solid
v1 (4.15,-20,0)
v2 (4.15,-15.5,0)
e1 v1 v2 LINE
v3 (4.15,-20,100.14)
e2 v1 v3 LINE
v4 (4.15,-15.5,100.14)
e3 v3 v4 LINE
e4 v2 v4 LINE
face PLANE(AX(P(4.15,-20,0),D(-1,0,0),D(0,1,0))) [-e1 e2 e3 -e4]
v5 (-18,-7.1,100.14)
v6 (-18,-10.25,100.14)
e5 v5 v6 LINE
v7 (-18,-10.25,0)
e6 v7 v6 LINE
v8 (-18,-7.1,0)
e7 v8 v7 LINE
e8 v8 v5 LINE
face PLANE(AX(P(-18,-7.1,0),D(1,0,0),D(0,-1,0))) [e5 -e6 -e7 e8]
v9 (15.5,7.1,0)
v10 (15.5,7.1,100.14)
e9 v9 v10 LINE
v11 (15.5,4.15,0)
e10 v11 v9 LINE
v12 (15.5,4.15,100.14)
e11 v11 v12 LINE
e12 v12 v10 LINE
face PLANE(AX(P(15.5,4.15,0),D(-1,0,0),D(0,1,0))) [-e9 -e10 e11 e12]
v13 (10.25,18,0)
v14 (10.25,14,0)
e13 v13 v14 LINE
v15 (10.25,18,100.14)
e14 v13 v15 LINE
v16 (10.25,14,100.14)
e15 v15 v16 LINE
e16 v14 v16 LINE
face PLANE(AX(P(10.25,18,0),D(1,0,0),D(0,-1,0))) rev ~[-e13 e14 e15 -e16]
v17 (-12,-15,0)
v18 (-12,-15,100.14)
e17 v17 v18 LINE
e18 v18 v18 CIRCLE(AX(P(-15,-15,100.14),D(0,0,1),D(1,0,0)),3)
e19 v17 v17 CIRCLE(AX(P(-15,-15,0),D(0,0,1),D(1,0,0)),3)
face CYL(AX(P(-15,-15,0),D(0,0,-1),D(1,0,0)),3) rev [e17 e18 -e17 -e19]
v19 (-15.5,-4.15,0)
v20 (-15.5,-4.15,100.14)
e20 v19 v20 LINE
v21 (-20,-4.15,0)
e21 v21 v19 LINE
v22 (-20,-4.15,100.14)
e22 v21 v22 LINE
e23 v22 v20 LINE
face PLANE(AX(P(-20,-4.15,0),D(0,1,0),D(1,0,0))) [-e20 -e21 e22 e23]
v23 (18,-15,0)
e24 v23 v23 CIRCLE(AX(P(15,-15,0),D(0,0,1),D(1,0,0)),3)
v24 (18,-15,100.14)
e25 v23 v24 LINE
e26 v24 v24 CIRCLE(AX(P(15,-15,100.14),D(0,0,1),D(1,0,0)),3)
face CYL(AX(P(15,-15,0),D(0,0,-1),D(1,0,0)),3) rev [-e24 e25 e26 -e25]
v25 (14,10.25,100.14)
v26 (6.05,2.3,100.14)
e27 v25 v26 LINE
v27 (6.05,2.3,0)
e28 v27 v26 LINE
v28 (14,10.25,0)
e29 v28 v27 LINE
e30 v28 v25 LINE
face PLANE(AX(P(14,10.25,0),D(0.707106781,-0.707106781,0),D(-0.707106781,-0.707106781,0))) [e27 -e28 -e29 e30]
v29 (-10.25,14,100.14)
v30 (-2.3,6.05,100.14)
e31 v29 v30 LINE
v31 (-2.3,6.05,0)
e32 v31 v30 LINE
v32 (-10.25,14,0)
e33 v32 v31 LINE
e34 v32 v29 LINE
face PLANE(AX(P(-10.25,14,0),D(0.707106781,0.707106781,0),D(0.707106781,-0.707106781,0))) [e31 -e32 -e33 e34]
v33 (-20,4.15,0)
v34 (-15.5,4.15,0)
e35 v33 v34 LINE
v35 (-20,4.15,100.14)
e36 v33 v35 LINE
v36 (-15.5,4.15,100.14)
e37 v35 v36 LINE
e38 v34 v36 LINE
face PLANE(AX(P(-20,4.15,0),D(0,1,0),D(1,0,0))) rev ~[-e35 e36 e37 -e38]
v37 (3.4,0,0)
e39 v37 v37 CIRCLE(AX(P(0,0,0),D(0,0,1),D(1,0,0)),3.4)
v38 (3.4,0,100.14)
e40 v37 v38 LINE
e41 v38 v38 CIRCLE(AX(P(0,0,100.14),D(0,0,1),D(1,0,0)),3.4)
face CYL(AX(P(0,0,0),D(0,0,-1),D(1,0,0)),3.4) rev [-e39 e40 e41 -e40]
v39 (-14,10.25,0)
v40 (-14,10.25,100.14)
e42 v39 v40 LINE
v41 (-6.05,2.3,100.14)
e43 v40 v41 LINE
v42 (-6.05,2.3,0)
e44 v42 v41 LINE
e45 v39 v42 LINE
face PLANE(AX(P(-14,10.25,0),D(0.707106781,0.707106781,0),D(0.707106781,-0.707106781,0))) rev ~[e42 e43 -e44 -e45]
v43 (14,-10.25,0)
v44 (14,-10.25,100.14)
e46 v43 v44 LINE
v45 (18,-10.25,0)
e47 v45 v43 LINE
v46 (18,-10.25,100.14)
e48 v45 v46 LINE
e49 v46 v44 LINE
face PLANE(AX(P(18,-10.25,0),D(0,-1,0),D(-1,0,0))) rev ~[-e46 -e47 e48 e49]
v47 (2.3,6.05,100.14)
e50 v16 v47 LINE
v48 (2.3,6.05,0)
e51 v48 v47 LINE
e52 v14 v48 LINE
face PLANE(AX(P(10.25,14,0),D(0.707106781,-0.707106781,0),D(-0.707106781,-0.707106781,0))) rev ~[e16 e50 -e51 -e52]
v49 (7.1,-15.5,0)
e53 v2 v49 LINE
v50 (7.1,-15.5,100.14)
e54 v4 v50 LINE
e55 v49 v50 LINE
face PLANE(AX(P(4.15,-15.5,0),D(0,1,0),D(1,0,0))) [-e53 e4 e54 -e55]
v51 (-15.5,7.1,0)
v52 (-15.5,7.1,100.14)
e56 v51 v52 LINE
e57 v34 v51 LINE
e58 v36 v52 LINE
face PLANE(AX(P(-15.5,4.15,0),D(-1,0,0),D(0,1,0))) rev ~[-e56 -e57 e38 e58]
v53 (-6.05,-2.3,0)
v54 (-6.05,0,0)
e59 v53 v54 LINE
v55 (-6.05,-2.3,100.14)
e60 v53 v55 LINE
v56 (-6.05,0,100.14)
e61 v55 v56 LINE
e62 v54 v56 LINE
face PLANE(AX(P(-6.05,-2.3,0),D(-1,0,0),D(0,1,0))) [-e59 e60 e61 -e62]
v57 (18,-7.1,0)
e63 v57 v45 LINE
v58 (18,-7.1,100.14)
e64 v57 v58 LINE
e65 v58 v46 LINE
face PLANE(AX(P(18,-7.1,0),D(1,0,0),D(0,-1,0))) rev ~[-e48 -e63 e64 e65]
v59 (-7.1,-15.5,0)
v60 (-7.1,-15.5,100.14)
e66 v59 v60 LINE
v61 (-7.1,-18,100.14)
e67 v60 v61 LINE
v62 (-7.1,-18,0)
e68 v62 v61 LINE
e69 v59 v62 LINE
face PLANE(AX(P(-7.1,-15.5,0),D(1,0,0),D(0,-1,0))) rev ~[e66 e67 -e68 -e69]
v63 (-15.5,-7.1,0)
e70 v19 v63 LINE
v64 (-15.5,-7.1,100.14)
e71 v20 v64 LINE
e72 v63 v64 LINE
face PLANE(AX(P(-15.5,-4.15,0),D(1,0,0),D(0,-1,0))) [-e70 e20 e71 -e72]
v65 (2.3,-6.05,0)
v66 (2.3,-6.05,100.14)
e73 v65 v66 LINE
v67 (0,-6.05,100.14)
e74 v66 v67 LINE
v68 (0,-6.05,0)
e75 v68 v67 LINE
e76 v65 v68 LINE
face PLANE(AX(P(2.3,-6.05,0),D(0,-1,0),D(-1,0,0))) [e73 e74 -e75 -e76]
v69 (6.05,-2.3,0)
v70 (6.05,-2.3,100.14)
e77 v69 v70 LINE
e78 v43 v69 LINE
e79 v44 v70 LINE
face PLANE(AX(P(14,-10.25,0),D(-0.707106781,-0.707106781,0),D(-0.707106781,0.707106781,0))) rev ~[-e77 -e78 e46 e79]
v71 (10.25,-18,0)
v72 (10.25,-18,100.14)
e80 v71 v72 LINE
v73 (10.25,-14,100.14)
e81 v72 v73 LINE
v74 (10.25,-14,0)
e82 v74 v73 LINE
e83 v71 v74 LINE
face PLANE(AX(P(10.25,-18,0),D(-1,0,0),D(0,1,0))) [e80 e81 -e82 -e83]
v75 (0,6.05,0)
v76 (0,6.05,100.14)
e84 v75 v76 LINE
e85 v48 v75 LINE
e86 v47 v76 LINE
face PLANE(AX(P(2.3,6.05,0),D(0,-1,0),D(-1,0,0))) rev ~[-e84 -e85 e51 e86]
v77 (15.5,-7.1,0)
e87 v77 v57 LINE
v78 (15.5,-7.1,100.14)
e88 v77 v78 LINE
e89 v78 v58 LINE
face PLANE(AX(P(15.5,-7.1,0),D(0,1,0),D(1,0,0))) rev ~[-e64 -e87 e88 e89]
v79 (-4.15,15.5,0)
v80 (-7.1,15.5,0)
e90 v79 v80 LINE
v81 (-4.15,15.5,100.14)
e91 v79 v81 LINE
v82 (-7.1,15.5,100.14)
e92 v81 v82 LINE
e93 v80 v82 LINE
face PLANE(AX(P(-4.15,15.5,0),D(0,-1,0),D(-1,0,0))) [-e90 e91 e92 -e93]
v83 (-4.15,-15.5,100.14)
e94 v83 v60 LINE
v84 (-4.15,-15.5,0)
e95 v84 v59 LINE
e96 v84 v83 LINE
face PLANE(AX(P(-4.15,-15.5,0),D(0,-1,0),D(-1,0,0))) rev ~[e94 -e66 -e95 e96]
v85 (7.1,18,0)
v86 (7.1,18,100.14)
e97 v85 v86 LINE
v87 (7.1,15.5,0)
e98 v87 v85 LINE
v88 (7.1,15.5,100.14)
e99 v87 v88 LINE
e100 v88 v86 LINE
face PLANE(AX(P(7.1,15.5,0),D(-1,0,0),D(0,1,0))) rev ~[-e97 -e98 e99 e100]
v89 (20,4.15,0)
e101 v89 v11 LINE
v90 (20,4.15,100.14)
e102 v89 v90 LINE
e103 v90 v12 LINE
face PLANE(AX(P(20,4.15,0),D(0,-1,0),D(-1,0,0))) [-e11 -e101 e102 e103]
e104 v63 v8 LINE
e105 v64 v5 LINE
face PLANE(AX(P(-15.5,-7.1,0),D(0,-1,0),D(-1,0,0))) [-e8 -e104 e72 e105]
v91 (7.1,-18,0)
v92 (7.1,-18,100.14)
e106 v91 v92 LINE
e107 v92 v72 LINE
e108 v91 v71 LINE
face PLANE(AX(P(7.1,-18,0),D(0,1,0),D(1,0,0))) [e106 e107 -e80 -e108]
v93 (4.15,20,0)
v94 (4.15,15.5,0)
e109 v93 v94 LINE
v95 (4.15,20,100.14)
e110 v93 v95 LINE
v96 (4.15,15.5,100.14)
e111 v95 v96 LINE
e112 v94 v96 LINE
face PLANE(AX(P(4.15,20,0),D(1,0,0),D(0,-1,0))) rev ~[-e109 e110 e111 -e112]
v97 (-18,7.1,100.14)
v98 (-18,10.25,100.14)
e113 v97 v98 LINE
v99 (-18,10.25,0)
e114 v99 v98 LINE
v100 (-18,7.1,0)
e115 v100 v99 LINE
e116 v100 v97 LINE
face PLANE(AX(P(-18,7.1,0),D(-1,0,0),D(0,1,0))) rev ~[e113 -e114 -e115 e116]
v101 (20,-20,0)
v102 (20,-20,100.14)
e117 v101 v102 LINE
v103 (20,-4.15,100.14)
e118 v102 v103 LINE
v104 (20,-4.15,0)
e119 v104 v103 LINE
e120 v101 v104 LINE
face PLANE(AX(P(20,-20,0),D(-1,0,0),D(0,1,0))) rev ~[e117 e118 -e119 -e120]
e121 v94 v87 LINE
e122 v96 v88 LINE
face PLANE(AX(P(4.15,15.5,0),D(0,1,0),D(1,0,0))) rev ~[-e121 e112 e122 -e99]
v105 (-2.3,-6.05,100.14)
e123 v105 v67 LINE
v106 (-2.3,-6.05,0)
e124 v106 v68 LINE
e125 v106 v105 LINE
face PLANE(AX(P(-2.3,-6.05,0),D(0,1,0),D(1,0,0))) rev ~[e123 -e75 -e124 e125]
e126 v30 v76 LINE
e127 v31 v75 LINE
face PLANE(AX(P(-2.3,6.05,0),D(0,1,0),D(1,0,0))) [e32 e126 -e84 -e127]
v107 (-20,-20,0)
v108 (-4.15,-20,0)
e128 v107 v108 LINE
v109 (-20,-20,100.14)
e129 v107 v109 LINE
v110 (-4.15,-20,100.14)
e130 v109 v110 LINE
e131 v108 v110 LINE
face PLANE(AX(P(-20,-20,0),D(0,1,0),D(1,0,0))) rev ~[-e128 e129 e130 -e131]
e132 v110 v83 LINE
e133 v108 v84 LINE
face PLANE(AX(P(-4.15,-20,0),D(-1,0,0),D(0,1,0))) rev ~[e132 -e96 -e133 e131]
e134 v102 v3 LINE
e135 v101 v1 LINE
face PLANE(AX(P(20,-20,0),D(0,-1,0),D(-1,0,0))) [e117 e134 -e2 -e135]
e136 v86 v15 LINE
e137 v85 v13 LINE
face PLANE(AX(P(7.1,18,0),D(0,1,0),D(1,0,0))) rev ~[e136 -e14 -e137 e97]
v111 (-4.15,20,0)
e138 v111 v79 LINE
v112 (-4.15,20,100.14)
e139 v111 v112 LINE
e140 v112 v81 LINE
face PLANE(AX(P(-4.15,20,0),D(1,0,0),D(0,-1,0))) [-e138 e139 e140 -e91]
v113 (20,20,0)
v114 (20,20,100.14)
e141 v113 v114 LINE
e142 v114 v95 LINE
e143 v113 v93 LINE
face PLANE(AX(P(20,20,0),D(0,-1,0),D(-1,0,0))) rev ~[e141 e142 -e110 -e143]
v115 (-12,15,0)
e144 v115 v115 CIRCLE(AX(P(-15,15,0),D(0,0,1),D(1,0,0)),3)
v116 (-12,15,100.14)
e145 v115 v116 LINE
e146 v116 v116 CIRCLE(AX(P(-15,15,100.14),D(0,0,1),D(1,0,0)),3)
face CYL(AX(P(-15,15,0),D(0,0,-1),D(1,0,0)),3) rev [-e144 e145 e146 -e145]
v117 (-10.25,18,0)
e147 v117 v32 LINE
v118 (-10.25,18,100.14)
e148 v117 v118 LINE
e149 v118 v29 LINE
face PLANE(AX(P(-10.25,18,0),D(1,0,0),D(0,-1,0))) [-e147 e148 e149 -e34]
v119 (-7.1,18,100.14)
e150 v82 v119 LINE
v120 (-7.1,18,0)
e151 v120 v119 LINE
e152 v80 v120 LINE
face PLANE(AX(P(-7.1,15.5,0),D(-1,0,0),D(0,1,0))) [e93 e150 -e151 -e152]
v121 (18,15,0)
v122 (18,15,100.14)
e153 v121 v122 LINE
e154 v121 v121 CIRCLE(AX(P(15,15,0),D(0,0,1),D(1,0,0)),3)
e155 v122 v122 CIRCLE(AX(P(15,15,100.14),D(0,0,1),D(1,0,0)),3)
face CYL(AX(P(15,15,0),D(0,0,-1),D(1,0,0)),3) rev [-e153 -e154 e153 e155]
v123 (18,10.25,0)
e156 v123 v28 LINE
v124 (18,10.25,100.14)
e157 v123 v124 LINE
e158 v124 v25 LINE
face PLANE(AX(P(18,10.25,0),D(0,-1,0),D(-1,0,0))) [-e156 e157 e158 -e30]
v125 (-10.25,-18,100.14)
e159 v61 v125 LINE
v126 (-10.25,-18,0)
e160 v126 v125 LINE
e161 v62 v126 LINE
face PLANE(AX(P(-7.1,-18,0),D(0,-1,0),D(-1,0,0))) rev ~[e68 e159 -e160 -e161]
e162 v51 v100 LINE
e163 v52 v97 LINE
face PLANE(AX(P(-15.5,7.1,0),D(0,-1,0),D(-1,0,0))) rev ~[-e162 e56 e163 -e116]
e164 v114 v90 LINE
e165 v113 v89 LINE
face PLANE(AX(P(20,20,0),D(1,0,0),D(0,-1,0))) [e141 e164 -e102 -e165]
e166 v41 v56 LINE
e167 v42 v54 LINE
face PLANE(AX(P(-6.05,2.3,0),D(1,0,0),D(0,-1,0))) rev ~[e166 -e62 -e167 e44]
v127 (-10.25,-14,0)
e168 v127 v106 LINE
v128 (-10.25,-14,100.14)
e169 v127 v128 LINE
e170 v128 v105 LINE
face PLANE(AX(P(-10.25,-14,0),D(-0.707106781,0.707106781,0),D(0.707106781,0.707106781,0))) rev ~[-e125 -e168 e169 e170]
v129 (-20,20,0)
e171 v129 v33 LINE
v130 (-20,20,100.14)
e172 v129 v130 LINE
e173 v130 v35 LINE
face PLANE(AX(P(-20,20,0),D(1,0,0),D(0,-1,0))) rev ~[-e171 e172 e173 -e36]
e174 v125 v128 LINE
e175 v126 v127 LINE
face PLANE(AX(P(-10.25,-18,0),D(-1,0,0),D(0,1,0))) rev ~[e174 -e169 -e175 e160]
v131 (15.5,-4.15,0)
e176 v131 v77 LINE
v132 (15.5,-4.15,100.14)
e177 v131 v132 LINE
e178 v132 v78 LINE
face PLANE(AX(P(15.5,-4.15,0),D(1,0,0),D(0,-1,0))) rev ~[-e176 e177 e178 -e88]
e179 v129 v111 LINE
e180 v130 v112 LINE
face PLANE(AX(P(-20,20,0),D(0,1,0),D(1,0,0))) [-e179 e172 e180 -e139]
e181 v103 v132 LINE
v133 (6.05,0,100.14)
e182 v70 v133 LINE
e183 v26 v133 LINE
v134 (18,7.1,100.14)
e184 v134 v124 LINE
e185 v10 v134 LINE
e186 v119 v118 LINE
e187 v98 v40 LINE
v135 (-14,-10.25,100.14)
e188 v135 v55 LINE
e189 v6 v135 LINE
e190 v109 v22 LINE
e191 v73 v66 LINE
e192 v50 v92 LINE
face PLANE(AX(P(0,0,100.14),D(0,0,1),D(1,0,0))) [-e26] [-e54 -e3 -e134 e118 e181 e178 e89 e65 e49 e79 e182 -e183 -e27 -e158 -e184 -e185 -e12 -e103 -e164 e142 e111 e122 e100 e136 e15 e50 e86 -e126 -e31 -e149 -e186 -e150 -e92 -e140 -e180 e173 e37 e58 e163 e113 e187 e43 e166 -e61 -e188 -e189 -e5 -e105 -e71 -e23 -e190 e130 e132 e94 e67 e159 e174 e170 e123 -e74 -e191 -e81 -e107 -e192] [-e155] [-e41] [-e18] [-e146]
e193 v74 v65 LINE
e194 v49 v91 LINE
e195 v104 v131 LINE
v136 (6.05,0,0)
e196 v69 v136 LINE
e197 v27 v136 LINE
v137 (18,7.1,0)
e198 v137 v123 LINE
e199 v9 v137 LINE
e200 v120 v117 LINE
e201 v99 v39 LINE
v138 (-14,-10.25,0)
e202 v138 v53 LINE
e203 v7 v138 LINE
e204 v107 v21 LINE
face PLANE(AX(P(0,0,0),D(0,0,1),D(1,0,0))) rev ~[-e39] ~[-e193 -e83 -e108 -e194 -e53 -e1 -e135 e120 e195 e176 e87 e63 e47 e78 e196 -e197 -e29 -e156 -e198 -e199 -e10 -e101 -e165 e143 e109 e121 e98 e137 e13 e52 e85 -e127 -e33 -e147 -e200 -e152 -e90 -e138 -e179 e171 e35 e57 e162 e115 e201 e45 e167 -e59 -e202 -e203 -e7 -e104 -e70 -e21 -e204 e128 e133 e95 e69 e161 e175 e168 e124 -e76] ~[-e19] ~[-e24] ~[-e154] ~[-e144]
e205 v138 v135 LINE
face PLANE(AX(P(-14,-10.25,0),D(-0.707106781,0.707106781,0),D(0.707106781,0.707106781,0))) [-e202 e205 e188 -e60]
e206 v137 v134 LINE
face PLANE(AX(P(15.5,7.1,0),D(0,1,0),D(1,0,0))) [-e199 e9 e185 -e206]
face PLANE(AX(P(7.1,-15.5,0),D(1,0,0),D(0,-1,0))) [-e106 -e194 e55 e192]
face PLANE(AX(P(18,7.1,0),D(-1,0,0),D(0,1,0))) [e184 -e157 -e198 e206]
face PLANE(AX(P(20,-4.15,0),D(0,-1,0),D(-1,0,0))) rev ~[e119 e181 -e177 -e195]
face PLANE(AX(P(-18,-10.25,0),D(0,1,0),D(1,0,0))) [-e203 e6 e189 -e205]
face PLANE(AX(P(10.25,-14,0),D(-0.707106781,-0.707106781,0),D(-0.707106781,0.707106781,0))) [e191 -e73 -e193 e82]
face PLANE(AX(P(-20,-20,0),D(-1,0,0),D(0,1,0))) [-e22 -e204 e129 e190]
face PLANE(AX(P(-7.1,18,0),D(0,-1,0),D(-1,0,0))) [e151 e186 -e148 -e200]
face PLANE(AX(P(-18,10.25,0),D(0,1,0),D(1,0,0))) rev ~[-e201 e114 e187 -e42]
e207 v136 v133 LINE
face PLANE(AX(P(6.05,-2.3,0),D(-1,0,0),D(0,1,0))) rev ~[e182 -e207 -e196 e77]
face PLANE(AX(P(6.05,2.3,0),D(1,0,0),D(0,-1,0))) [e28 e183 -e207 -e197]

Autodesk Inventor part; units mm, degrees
ref_plane "YZ Plane" through (0, 0, 0) normal (1, 0, 0) x (0, 1, 0)
ref_plane "XZ Plane" through (0, 0, 0) normal (0, 1, 0) x (-1, 0, 0)
sketch "Sketch1" plane through (0, 0, 0) normal (0, 0, 1) x (1, 0, 0)
  circle A0 centre (0, 0) radius 3.4
  line L0 (0, 0) -> (20, 20) construction
  line L1 (0, 0) -> (28.2843, 0) construction
  line L2 (20, 20) -> (4.15, 20)
  line L3 (4.15, 20) -> (4.15, 15.5)
  line L4 (4.15, 15.5) -> (7.1, 15.5)
  line L5 (7.1, 15.5) -> (7.1, 18)
  line L6 (7.1, 18) -> (10.25, 18)
  line L7 (10.25, 18) -> (10.25, 14)
  line L8 (0, 0) -> (0, 26.1056) construction
  line L9 (10.25, 14) -> (2.3, 6.05)
  line L10 (2.3, 6.05) -> (0, 6.05)
  circle A1 centre (15, 15) radius 3
  line L11 (20, 20) -> (20, 4.15)
  line L12 (20, 4.15) -> (15.5, 4.15)
  line L13 (15.5, 4.15) -> (15.5, 7.1)
  line L14 (15.5, 7.1) -> (18, 7.1)
  line L15 (18, 7.1) -> (18, 10.25)
  line L16 (18, 10.25) -> (14, 10.25)
  line L17 (14, 10.25) -> (6.05, 2.3)
  line L18 (6.05, 2.3) -> (6.05, 0)
  line L19 (-2.3, 6.05) -> (0, 6.05)
  line L20 (-10.25, 14) -> (-2.3, 6.05)
  line L21 (-10.25, 18) -> (-10.25, 14)
  line L22 (-4.15, 15.5) -> (-7.1, 15.5)
  line L23 (-7.1, 15.5) -> (-7.1, 18)
  line L24 (-7.1, 18) -> (-10.25, 18)
  line L25 (-4.15, 20) -> (-4.15, 15.5)
  line L26 (-20, 20) -> (-4.15, 20)
  circle A2 centre (-15, 15) radius 3
  line L27 (-20, 20) -> (-20, 4.15)
  line L28 (-14, 10.25) -> (-6.05, 2.3)
  line L29 (-18, 7.1) -> (-18, 10.25)
  line L30 (-18, 10.25) -> (-14, 10.25)
  line L31 (-20, 4.15) -> (-15.5, 4.15)
  line L32 (-15.5, 4.15) -> (-15.5, 7.1)
  line L33 (-15.5, 7.1) -> (-18, 7.1)
  line L34 (-6.05, 2.3) -> (-6.05, 0)
  line L35 (-6.05, -2.3) -> (-6.05, 0)
  line L36 (-14, -10.25) -> (-6.05, -2.3)
  line L37 (-18, -10.25) -> (-14, -10.25)
  line L38 (-15.5, -4.15) -> (-15.5, -7.1)
  line L39 (-15.5, -7.1) -> (-18, -7.1)
  line L40 (-18, -7.1) -> (-18, -10.25)
  line L41 (-20, -4.15) -> (-15.5, -4.15)
  line L42 (-20, -20) -> (-20, -4.15)
  circle A3 centre (-15, -15) radius 3
  line L43 (-20, -20) -> (-4.15, -20)
  line L44 (-10.25, -14) -> (-2.3, -6.05)
  line L45 (-7.1, -18) -> (-10.25, -18)
  line L46 (-10.25, -18) -> (-10.25, -14)
  line L47 (-4.15, -20) -> (-4.15, -15.5)
  line L48 (-4.15, -15.5) -> (-7.1, -15.5)
  line L49 (-7.1, -15.5) -> (-7.1, -18)
  line L50 (-2.3, -6.05) -> (0, -6.05)
  line L51 (2.3, -6.05) -> (0, -6.05)
  line L52 (10.25, -14) -> (2.3, -6.05)
  line L53 (10.25, -18) -> (10.25, -14)
  line L54 (4.15, -15.5) -> (7.1, -15.5)
  line L55 (7.1, -15.5) -> (7.1, -18)
  line L56 (7.1, -18) -> (10.25, -18)
  line L57 (4.15, -20) -> (4.15, -15.5)
  line L58 (20, -20) -> (4.15, -20)
  circle A4 centre (15, -15) radius 3
  line L59 (20, -20) -> (20, -4.15)
  line L60 (14, -10.25) -> (6.05, -2.3)
  line L61 (18, -7.1) -> (18, -10.25)
  line L62 (18, -10.25) -> (14, -10.25)
  line L63 (20, -4.15) -> (15.5, -4.15)
  line L64 (15.5, -4.15) -> (15.5, -7.1)
  line L65 (15.5, -7.1) -> (18, -7.1)
  line L66 (6.05, -2.3) -> (6.05, 0)
  point P0 (0, 6.05)
  point P1 (-6.05, 0)
  point P2 (0, -6.05)
  dimension "d0" = 6.8
  dimension "d1" = 45
  dimension "d2" = 20
  dimension "d3" = 6
  dimension "d4" = 15
  dimension "d5" = 10.25
  dimension "d6" = 7.1
  dimension "d7" = 4.15
  dimension "d8" = 4.5
  dimension "d9" = 2
  dimension "d10" = 13.95
  dimension "d11" = 6
  dimension "d14" = 360
extrude "Extrusion1" add sketch "Sketch1" along normal blind 100.14
ref_plane "Work Plane1" through (0, 0, 50.07) normal (0, 0, 1) x (1, 0, 0)
properties part number "Aluminum_Profile_4040_100.14mm_bottom" material "Aluminum 6061-AHC"
